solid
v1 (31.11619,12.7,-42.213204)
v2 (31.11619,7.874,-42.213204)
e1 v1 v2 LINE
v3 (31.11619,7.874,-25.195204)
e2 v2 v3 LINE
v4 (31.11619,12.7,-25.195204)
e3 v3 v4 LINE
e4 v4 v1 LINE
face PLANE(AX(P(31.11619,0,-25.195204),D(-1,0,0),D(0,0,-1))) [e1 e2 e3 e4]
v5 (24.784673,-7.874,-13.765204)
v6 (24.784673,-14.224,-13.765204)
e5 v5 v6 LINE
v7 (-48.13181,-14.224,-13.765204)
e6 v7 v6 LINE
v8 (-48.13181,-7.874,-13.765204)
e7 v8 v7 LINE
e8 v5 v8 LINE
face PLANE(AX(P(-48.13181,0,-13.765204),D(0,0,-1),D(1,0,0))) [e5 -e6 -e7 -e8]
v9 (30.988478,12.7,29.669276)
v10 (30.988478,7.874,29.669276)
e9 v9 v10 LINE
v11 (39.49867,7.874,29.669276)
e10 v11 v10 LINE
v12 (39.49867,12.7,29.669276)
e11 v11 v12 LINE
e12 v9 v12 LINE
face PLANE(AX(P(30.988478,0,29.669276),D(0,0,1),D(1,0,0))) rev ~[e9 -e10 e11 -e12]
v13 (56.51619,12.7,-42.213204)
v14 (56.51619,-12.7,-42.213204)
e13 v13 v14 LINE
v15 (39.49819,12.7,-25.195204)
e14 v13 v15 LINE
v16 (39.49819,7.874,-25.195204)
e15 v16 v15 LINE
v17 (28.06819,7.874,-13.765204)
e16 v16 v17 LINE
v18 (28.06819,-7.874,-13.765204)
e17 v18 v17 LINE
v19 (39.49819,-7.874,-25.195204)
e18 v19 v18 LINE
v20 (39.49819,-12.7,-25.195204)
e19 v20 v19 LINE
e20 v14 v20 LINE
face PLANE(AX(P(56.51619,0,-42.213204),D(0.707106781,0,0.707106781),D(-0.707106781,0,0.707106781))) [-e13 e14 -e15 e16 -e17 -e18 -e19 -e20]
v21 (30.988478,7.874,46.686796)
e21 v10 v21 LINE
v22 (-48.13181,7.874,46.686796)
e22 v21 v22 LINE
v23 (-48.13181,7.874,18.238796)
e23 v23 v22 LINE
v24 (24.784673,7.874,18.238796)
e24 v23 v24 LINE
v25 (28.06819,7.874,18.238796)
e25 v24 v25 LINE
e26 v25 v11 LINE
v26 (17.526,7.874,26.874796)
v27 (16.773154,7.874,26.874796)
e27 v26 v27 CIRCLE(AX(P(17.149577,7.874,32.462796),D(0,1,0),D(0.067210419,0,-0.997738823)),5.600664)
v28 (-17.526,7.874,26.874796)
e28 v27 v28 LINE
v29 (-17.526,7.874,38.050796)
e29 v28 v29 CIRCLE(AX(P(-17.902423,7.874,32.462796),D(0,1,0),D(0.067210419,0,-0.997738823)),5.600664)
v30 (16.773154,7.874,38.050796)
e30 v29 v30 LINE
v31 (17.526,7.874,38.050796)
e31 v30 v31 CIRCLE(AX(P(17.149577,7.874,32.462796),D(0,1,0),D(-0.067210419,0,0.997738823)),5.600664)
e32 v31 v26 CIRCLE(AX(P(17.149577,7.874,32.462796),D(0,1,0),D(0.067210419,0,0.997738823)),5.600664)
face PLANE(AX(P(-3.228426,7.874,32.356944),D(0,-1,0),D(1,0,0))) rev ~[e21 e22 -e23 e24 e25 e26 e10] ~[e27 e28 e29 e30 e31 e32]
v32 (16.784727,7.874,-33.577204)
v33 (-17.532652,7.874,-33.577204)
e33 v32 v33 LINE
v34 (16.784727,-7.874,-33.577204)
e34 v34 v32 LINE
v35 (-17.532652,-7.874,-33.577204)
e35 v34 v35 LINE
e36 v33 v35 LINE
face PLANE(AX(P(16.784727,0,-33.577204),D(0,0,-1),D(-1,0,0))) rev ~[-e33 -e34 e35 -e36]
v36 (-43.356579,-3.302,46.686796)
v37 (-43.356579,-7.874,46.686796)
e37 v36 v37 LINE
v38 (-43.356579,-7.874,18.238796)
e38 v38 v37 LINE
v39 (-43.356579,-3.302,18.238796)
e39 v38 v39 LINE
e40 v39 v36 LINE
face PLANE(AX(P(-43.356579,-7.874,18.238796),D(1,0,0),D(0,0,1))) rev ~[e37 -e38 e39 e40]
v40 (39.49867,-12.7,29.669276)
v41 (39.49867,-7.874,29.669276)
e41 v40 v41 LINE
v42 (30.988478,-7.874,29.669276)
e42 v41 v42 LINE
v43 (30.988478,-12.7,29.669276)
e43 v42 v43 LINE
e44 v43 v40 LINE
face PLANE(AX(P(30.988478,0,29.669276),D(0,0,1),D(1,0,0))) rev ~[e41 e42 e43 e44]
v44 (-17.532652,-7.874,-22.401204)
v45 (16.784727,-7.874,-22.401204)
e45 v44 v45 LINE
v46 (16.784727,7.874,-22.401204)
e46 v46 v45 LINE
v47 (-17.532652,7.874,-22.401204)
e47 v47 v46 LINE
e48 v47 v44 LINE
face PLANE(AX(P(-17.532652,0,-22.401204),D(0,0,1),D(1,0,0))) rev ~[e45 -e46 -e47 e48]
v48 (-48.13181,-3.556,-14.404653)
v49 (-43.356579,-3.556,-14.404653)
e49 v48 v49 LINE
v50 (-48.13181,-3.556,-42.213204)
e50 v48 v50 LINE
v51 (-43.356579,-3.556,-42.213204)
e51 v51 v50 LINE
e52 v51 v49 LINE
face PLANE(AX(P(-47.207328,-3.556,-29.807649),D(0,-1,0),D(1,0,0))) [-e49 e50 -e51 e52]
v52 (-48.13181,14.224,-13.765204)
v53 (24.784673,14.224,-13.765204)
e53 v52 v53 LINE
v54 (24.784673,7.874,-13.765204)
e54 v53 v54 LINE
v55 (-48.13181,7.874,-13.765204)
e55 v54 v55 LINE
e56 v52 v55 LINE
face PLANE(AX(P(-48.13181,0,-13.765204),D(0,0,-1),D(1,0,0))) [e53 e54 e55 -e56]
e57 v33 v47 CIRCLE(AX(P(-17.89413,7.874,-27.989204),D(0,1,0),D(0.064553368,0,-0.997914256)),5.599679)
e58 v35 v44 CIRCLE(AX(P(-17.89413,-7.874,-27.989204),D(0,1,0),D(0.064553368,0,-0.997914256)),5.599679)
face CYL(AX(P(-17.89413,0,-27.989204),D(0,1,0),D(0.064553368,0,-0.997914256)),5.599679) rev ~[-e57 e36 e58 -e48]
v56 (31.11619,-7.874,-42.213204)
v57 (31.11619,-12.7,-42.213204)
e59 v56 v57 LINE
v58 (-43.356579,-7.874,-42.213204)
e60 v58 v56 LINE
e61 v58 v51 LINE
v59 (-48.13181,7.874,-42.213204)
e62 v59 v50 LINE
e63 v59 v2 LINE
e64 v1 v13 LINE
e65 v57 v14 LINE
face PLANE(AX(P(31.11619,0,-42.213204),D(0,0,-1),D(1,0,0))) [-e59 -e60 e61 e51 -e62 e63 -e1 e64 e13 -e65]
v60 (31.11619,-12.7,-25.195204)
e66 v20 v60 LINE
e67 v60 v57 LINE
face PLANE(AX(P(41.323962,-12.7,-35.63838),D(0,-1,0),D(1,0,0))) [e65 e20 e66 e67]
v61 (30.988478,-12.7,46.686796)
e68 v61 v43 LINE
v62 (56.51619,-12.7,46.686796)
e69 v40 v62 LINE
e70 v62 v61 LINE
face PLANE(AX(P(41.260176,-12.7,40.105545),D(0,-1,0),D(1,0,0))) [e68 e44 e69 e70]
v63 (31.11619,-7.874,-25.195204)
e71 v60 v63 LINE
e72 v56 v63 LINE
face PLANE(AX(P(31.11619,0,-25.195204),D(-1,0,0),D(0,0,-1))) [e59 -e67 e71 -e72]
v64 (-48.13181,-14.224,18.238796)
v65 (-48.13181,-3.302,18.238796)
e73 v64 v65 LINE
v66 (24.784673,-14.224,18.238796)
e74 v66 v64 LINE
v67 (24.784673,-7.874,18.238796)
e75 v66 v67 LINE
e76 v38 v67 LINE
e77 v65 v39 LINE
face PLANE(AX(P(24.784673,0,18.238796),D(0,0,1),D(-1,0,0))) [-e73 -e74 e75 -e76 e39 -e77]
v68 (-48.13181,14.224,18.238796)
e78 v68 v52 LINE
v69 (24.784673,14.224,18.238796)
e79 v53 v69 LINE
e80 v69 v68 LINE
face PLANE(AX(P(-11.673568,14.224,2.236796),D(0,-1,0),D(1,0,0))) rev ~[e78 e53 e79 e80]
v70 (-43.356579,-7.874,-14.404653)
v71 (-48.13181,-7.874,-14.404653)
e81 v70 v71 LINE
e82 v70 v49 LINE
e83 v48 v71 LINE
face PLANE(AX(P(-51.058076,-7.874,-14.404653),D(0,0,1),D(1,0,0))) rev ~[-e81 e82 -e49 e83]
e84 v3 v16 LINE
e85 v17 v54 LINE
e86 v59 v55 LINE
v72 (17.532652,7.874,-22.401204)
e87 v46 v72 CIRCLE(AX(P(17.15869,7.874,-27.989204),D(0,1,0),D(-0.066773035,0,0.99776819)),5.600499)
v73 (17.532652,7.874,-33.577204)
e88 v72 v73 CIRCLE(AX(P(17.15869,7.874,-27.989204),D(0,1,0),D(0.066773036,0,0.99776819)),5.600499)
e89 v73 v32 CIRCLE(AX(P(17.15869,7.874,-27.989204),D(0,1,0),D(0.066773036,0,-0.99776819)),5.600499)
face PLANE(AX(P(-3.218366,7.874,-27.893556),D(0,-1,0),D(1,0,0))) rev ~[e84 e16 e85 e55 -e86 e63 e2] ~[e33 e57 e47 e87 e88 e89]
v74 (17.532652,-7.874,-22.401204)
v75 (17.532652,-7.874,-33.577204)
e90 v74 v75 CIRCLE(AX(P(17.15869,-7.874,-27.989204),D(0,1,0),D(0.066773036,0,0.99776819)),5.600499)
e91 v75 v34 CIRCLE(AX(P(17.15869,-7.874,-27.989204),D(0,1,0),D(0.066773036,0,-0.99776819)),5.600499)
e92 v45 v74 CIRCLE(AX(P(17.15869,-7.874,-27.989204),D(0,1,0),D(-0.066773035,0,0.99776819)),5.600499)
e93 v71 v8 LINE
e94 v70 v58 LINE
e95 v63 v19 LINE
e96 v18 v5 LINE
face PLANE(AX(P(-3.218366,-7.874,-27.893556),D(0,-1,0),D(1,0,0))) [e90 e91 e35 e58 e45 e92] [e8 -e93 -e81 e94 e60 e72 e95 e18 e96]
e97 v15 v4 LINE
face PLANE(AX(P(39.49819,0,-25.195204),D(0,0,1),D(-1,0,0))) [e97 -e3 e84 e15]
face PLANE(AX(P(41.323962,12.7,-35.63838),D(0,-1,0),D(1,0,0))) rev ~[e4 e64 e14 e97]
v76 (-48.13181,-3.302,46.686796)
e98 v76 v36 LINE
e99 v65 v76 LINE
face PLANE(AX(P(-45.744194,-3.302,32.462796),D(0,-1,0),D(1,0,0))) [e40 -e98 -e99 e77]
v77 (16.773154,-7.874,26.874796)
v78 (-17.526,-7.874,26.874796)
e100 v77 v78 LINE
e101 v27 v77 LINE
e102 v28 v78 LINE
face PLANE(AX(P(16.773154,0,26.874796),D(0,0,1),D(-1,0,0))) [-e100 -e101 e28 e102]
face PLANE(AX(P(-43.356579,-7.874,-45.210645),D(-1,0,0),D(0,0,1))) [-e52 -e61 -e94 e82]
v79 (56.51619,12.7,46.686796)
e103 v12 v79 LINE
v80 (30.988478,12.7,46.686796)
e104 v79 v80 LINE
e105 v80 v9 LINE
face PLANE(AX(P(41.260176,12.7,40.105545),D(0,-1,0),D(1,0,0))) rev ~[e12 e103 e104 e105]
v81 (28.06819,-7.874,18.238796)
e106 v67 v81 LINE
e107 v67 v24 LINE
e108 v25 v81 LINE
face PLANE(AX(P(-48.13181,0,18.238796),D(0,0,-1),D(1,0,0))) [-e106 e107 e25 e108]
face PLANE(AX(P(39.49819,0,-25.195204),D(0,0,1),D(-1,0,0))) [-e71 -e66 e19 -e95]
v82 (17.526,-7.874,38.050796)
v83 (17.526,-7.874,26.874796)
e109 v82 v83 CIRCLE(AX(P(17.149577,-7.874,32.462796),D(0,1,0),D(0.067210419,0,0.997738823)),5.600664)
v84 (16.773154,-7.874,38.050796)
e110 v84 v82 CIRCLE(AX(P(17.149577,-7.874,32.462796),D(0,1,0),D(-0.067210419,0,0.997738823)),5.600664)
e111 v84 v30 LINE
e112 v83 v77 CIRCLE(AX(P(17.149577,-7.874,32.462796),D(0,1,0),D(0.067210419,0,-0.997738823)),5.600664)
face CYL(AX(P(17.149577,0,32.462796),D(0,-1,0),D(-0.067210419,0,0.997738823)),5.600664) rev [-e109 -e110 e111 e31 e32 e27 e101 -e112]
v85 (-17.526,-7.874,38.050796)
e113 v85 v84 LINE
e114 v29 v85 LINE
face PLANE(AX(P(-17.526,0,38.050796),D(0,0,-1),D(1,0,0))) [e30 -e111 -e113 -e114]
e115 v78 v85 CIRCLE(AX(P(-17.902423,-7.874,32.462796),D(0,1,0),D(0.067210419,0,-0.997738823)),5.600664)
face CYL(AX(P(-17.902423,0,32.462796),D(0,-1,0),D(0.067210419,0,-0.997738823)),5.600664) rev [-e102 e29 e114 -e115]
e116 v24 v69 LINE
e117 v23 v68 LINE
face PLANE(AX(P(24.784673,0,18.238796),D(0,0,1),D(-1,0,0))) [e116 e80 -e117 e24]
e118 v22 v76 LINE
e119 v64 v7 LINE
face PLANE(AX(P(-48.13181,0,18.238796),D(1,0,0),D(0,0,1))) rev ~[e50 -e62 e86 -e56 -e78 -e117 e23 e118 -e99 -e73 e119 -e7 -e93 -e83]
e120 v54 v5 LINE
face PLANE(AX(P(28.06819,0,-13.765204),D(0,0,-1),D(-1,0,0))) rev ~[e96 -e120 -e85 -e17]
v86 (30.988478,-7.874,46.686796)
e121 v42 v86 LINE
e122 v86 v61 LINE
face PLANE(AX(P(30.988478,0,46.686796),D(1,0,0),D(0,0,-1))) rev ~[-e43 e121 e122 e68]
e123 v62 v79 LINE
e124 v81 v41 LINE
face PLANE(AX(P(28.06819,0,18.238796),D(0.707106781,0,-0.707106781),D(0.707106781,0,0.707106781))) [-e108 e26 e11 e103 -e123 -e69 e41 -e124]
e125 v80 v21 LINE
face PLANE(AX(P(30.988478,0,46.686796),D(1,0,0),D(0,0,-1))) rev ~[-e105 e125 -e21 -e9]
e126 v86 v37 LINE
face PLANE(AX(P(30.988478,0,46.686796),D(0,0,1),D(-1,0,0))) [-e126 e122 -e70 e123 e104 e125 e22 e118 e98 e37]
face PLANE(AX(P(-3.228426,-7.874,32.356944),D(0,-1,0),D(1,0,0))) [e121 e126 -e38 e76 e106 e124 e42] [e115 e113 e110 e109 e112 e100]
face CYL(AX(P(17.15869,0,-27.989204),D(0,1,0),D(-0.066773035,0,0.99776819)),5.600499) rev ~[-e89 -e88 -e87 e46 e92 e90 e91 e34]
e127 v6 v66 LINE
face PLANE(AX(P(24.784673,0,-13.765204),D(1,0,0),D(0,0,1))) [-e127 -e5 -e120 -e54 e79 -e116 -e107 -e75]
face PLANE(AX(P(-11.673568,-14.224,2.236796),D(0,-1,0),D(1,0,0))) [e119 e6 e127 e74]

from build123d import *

# Parameters (mm, degrees)
F1_DEPTH = 14.224
F0_W     = 6.35
F0_H     = 28.448
F2_DEPTH = 7.874
F3_DEPTH = 7.874
F4_DEPTH = 12.7
F5_W     = 4.7752308284
F5_H     = 28.448
F6_DEPTH = 4.572
F5_W_2   = 7.701497525
F5_H_2   = 30.8059919626
F7_DEPTH = 4.318


with BuildPart() as f1:
    # F0 (on Front) → F1 (new body, symmetric)
    with BuildSketch(Plane.XZ):
        Polygon((-41.7818096255, 18.2387964344), (-48.1318096255, 18.2387964344), (-48.1318096255, -13.7652035656), (-41.7818096255, -13.7652035656), (24.7846730053, -13.7652035656), (24.7846730053, 18.2387964344), align=None)
    extrude(amount=F1_DEPTH, both=True)

    # F0 (on Front) → F2 (join, symmetric)
    with BuildSketch(Plane.XZ):
        Polygon((24.7846730053, -13.7652035656), (-41.7818096255, -13.7652035656), (-41.7818096255, -42.2132035656), (31.1161903745, -42.2132035656), (31.1161903745, -25.1952035656), (39.4981903745, -25.1952035656), (28.0681903745, -13.7652035656), align=None)
        with BuildLine():
            ThreePointArc((-17.5326519589, -33.5772035656), (-23.4938096255, -27.9892035656), (-17.5326519589, -22.4012035656))
            Line((-17.5326519589, -22.4012035656), (16.7847272865, -22.4012035656))
            ThreePointArc((16.7847272865, -22.4012035656), (17.1586896227, -22.3887043175), (17.5326519589, -22.4012035656))
            ThreePointArc((17.5326519589, -22.4012035656), (22.7591888709, -27.9892035656), (17.5326519589, -33.5772035656))
            ThreePointArc((17.5326519589, -33.5772035656), (17.1586896227, -33.5897028138), (16.7847272865, -33.5772035656))
            Line((16.7847272865, -33.5772035656), (-17.5326519589, -33.5772035656))
        make_face(mode=Mode.SUBTRACT)
        Polygon((30.988478276, 46.6867964344), (-41.7818096255, 46.6867964344), (-41.7818096255, 18.2387964344), (24.7846730053, 18.2387964344), (28.0681903745, 18.2387964344), (39.4986695909, 29.6692756508), (30.988478276, 29.6692756508), align=None)
        with BuildLine():
            ThreePointArc((17.526, 38.0507964344), (22.7502411118, 32.4627964344), (17.526, 26.8747964344))
            ThreePointArc((17.526, 26.8747964344), (17.1495770209, 26.8621323434), (16.7731540417, 26.8747964344))
            Line((16.7731540417, 26.8747964344), (-17.526, 26.8747964344))
            ThreePointArc((-17.526, 26.8747964344), (-23.50308707, 32.4627964344), (-17.526, 38.0507964344))
            Line((-17.526, 38.0507964344), (16.7731540417, 38.0507964344))
            ThreePointArc((16.7731540417, 38.0507964344), (17.1495770209, 38.0634605253), (17.526, 38.0507964344))
        make_face(mode=Mode.SUBTRACT)
        with Locations((-44.9568096255, 32.4627964344)):
            Rectangle(F0_W, F0_H)
        with Locations((-44.9568096255, -27.9892035656)):
            Rectangle(F0_W, F0_H)
    extrude(amount=F2_DEPTH, both=True)

    # F0 (on Front) → F3 (join, symmetric)
    with BuildSketch(Plane.XZ):
        Polygon((30.988478276, 46.6867964344), (-41.7818096255, 46.6867964344), (-41.7818096255, 18.2387964344), (24.7846730053, 18.2387964344), (28.0681903745, 18.2387964344), (39.4986695909, 29.6692756508), (30.988478276, 29.6692756508), align=None)
        with BuildLine():
            ThreePointArc((17.526, 38.0507964344), (22.7502411118, 32.4627964344), (17.526, 26.8747964344))
            ThreePointArc((17.526, 26.8747964344), (17.1495770209, 26.8621323434), (16.7731540417, 26.8747964344))
            Line((16.7731540417, 26.8747964344), (-17.526, 26.8747964344))
            ThreePointArc((-17.526, 26.8747964344), (-23.50308707, 32.4627964344), (-17.526, 38.0507964344))
            Line((-17.526, 38.0507964344), (16.7731540417, 38.0507964344))
            ThreePointArc((16.7731540417, 38.0507964344), (17.1495770209, 38.0634605253), (17.526, 38.0507964344))
        make_face(mode=Mode.SUBTRACT)
        with Locations((-44.9568096255, 32.4627964344)):
            Rectangle(F0_W, F0_H)
        with Locations((-44.9568096255, -27.9892035656)):
            Rectangle(F0_W, F0_H)
        Polygon((24.7846730053, -13.7652035656), (-41.7818096255, -13.7652035656), (-41.7818096255, -42.2132035656), (31.1161903745, -42.2132035656), (31.1161903745, -25.1952035656), (39.4981903745, -25.1952035656), (28.0681903745, -13.7652035656), align=None)
        with BuildLine():
            ThreePointArc((-17.5326519589, -33.5772035656), (-23.4938096255, -27.9892035656), (-17.5326519589, -22.4012035656))
            Line((-17.5326519589, -22.4012035656), (16.7847272865, -22.4012035656))
            ThreePointArc((16.7847272865, -22.4012035656), (17.1586896227, -22.3887043175), (17.5326519589, -22.4012035656))
            ThreePointArc((17.5326519589, -22.4012035656), (22.7591888709, -27.9892035656), (17.5326519589, -33.5772035656))
            ThreePointArc((17.5326519589, -33.5772035656), (17.1586896227, -33.5897028138), (16.7847272865, -33.5772035656))
            Line((16.7847272865, -33.5772035656), (-17.5326519589, -33.5772035656))
        make_face(mode=Mode.SUBTRACT)
    extrude(amount=F3_DEPTH, both=True)

    # F0 (on Front) → F4 (join, symmetric)
    with BuildSketch(Plane.XZ):
        Polygon((56.5161903745, 46.6867964344), (30.988478276, 46.6867964344), (30.988478276, 29.6692756508), (39.4986695909, 29.6692756508), align=None)
        Polygon((31.1161903745, -25.1952035656), (31.1161903745, -42.2132035656), (56.5161903745, -42.2132035656), (39.4981903745, -25.1952035656), align=None)
    extrude(amount=F4_DEPTH, both=True)

    # F5 (on face) → F6 (cut, symmetric)
    with BuildSketch(Plane.XZ.offset(7.874)):
        with Locations((-45.7441942113, 32.4627964344)):
            Rectangle(F5_W, F5_H)
    extrude(amount=F6_DEPTH, both=True, mode=Mode.SUBTRACT)

    # F5 (on face) → F7 (cut, symmetric)
    with BuildSketch(Plane.XZ.offset(7.874)):
        with Locations((-47.2073275596, -29.8076486215)):
            Rectangle(F5_W_2, F5_H_2)
        with Locations((-45.7441942113, 32.4627964344)):
            Rectangle(F5_W, F5_H)
    extrude(amount=F7_DEPTH, both=True, mode=Mode.SUBTRACT)


solid = f1.part
